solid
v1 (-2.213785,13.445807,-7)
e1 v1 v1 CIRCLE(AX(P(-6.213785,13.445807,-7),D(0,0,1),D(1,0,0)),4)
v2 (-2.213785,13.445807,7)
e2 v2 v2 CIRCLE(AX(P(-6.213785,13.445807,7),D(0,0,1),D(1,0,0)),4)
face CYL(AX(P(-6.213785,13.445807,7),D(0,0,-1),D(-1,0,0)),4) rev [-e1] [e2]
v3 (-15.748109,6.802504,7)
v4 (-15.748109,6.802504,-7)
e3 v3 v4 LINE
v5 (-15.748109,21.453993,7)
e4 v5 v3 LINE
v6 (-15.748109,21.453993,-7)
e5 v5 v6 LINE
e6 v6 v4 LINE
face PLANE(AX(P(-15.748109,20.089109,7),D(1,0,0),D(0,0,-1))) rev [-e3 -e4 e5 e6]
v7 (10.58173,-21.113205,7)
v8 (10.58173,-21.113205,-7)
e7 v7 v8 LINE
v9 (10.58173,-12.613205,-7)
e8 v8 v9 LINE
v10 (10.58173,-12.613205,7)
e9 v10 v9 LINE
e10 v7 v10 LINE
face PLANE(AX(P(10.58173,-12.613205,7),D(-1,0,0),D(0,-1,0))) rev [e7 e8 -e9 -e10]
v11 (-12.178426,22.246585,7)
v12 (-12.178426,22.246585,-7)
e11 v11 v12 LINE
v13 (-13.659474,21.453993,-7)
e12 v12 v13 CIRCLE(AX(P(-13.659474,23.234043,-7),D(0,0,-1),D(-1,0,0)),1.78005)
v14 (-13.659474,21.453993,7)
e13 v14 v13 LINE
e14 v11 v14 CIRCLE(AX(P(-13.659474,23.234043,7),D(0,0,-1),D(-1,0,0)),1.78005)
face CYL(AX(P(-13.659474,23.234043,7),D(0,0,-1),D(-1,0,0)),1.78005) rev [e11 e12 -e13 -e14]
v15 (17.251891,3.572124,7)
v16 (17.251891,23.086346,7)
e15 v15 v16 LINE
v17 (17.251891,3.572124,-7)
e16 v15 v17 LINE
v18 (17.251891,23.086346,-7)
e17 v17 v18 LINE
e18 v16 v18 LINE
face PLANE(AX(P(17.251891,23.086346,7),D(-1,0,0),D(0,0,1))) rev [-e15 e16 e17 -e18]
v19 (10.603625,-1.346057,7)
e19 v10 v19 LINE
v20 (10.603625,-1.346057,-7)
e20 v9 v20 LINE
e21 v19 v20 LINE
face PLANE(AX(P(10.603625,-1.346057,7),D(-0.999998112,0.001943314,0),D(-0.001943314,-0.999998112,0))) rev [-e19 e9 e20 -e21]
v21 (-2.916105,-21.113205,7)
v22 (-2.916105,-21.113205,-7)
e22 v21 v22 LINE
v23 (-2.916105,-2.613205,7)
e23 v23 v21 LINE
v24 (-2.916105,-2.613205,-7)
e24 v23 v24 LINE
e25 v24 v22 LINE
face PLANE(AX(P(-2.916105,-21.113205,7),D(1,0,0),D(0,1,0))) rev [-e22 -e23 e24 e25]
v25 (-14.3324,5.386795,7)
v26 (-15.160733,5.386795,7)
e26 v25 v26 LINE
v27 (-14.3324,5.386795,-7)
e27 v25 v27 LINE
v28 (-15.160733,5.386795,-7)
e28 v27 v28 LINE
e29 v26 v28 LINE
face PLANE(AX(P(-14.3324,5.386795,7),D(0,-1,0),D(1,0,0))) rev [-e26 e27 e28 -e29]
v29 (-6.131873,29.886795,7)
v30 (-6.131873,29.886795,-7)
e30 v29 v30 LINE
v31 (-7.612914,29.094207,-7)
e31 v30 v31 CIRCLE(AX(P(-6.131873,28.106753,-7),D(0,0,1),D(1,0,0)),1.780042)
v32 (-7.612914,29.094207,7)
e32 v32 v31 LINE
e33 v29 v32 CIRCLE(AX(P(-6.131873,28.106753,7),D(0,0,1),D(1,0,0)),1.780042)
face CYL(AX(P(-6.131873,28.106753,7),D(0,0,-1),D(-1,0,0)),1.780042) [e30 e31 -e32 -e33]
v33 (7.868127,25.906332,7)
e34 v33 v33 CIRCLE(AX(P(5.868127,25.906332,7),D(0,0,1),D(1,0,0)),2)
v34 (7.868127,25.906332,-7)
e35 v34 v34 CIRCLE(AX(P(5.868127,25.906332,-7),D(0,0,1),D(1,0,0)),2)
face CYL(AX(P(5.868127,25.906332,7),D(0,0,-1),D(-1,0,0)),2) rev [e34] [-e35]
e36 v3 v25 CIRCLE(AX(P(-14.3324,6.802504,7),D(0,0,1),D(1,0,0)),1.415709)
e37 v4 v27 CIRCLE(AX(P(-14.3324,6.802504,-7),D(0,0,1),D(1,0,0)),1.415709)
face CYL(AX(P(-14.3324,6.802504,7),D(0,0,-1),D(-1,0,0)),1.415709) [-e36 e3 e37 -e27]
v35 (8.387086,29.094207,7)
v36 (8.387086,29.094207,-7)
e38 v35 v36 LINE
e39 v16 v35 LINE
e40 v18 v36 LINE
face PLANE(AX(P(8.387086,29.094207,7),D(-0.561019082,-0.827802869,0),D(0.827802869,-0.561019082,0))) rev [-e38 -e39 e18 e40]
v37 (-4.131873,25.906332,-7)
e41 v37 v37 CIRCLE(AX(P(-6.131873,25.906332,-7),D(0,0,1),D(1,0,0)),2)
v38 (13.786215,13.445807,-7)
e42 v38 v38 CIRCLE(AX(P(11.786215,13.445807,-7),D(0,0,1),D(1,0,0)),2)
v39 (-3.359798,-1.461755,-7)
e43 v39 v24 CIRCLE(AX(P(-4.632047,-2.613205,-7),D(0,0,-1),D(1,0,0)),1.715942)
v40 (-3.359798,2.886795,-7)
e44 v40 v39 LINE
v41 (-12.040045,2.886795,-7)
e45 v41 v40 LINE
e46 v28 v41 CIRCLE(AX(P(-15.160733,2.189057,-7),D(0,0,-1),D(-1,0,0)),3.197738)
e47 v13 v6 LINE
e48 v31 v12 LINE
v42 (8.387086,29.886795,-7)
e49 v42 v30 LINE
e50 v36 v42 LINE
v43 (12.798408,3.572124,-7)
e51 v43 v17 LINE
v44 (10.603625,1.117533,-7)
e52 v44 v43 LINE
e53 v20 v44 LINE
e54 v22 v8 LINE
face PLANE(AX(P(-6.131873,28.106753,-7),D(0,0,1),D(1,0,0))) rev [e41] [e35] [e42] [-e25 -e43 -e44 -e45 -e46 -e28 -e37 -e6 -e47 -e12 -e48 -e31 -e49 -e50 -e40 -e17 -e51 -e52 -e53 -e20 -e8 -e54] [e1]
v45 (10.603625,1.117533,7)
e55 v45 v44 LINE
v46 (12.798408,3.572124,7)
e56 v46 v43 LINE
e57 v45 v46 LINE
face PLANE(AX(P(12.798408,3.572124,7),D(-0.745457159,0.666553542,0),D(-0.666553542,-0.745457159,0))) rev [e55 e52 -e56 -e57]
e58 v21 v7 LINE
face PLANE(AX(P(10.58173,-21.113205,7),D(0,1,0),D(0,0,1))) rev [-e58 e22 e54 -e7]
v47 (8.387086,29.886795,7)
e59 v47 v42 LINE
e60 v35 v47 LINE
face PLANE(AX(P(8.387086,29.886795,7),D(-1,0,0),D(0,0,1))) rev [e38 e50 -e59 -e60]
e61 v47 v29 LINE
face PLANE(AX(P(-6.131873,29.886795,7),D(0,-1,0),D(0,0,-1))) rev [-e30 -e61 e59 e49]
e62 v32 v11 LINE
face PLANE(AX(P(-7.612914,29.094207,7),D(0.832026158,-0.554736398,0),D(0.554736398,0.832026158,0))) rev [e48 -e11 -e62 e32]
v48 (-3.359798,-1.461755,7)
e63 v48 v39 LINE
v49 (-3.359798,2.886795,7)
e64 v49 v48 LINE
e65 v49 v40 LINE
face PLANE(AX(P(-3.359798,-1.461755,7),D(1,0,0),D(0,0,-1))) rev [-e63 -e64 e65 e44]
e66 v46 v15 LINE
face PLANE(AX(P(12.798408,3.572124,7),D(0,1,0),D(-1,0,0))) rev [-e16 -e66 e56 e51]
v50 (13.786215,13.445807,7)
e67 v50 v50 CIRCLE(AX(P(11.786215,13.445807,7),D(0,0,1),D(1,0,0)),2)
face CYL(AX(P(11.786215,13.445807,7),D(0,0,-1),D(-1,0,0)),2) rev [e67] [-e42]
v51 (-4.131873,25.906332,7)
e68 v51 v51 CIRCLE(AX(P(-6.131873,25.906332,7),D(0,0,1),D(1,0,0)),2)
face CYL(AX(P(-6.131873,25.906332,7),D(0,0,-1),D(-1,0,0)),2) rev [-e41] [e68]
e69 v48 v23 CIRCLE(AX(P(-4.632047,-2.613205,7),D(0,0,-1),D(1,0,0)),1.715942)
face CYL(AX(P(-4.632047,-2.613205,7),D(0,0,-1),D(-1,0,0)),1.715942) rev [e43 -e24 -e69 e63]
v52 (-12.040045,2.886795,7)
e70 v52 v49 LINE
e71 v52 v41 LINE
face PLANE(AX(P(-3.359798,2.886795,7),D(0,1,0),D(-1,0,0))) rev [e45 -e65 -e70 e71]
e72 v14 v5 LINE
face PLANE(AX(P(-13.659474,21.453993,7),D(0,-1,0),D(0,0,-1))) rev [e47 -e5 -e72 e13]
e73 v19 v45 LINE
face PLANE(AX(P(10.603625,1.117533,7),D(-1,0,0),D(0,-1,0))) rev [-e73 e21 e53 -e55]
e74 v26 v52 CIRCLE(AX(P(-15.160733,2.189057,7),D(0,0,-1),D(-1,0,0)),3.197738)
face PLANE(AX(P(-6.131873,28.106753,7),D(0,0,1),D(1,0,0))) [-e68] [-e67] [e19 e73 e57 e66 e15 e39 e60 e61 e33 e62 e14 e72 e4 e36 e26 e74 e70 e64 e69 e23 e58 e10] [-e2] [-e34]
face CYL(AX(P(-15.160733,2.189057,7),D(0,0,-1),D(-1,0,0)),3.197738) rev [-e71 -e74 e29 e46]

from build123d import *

# Parameters (mm, degrees)
SKETCH2_R           = 4
SKETCH2_R_2         = 2
BOSS_EXTRUDE1_DEPTH = 7


with BuildPart() as part:
    # Sketch2 → Boss-Extrude1 (new body, symmetric)
    with BuildSketch(Plane.XY):
        with BuildLine():
            Line((-6.131872753, 29.88679476), (5.868127247, 29.88679476))
            Line((5.868127247, 29.88679476), (7.594498309, 29.88679476))
            Line((7.594498309, 29.88679476), (8.387086053, 29.88679476))
            Line((8.387086053, 29.88679476), (8.387086053, 29.094207016))
            Line((8.387086053, 29.094207016), (17.251890726, 23.08634601))
            Line((17.251890726, 23.08634601), (17.251890726, 20.138485624))
            Line((17.251890726, 20.138485624), (17.251890726, 4.758566897))
            Line((17.251890726, 4.758566897), (17.251890726, 3.572124473))
            Line((17.251890726, 3.572124473), (12.798407994, 3.572124473))
            Line((12.798407994, 3.572124473), (10.603625269, 1.11753322))
            Line((10.603625269, 1.11753322), (10.603625269, -1.34605728))
            Line((10.603625269, -1.34605728), (10.581729624, -12.61320524))
            Line((10.581729624, -12.61320524), (10.581729624, -21.11320524))
            Line((10.581729624, -21.11320524), (-2.916105285, -21.11320524))
            Line((-2.916105285, -21.11320524), (-2.916105285, -12.61320524))
            Line((-2.916105285, -12.61320524), (-2.916105285, -2.61320524))
            ThreePointArc((-2.916105285, -2.61320524), (-3.030865934, -1.996216384), (-3.359797705, -1.461754837))
            Line((-3.359797705, -1.461754837), (-3.359797705, 2.88679476))
            Line((-3.359797705, 2.88679476), (-12.040045413, 2.88679476))
            ThreePointArc((-12.040045413, 2.88679476), (-13.161439875, 4.684724171), (-15.160732898, 5.38679476))
            Line((-15.160732898, 5.38679476), (-14.332399999, 5.38679476))
            ThreePointArc((-14.332399999, 5.38679476), (-15.333457628, 5.801446406), (-15.748109274, 6.802504035))
            Line((-15.748109274, 6.802504035), (-15.748109274, 20.089109399))
            Line((-15.748109274, 20.089109399), (-15.748109274, 21.453992916))
            Line((-15.748109274, 21.453992916), (-13.659474375, 21.453992916))
            ThreePointArc((-13.659474375, 21.453992916), (-12.819577694, 21.664599805), (-12.178425993, 22.246584507))
            Line((-12.178425993, 22.246584507), (-7.612913947, 29.094207016))
            ThreePointArc((-7.612913947, 29.094207016), (-6.971765358, 29.676188893), (-6.131872753, 29.88679476))
        make_face()
        with Locations((-6.213784577, 13.445806717)):
            Circle(SKETCH2_R, mode=Mode.SUBTRACT)
        with Locations((11.786215423, 13.445806717)):
            Circle(SKETCH2_R_2, mode=Mode.SUBTRACT)
        with Locations((-6.131872753, 25.90633221)):
            Circle(SKETCH2_R_2, mode=Mode.SUBTRACT)
        with Locations((5.868127247, 25.90633221)):
            Circle(SKETCH2_R_2, mode=Mode.SUBTRACT)
    extrude(amount=BOSS_EXTRUDE1_DEPTH, both=True)


solid = part.part
